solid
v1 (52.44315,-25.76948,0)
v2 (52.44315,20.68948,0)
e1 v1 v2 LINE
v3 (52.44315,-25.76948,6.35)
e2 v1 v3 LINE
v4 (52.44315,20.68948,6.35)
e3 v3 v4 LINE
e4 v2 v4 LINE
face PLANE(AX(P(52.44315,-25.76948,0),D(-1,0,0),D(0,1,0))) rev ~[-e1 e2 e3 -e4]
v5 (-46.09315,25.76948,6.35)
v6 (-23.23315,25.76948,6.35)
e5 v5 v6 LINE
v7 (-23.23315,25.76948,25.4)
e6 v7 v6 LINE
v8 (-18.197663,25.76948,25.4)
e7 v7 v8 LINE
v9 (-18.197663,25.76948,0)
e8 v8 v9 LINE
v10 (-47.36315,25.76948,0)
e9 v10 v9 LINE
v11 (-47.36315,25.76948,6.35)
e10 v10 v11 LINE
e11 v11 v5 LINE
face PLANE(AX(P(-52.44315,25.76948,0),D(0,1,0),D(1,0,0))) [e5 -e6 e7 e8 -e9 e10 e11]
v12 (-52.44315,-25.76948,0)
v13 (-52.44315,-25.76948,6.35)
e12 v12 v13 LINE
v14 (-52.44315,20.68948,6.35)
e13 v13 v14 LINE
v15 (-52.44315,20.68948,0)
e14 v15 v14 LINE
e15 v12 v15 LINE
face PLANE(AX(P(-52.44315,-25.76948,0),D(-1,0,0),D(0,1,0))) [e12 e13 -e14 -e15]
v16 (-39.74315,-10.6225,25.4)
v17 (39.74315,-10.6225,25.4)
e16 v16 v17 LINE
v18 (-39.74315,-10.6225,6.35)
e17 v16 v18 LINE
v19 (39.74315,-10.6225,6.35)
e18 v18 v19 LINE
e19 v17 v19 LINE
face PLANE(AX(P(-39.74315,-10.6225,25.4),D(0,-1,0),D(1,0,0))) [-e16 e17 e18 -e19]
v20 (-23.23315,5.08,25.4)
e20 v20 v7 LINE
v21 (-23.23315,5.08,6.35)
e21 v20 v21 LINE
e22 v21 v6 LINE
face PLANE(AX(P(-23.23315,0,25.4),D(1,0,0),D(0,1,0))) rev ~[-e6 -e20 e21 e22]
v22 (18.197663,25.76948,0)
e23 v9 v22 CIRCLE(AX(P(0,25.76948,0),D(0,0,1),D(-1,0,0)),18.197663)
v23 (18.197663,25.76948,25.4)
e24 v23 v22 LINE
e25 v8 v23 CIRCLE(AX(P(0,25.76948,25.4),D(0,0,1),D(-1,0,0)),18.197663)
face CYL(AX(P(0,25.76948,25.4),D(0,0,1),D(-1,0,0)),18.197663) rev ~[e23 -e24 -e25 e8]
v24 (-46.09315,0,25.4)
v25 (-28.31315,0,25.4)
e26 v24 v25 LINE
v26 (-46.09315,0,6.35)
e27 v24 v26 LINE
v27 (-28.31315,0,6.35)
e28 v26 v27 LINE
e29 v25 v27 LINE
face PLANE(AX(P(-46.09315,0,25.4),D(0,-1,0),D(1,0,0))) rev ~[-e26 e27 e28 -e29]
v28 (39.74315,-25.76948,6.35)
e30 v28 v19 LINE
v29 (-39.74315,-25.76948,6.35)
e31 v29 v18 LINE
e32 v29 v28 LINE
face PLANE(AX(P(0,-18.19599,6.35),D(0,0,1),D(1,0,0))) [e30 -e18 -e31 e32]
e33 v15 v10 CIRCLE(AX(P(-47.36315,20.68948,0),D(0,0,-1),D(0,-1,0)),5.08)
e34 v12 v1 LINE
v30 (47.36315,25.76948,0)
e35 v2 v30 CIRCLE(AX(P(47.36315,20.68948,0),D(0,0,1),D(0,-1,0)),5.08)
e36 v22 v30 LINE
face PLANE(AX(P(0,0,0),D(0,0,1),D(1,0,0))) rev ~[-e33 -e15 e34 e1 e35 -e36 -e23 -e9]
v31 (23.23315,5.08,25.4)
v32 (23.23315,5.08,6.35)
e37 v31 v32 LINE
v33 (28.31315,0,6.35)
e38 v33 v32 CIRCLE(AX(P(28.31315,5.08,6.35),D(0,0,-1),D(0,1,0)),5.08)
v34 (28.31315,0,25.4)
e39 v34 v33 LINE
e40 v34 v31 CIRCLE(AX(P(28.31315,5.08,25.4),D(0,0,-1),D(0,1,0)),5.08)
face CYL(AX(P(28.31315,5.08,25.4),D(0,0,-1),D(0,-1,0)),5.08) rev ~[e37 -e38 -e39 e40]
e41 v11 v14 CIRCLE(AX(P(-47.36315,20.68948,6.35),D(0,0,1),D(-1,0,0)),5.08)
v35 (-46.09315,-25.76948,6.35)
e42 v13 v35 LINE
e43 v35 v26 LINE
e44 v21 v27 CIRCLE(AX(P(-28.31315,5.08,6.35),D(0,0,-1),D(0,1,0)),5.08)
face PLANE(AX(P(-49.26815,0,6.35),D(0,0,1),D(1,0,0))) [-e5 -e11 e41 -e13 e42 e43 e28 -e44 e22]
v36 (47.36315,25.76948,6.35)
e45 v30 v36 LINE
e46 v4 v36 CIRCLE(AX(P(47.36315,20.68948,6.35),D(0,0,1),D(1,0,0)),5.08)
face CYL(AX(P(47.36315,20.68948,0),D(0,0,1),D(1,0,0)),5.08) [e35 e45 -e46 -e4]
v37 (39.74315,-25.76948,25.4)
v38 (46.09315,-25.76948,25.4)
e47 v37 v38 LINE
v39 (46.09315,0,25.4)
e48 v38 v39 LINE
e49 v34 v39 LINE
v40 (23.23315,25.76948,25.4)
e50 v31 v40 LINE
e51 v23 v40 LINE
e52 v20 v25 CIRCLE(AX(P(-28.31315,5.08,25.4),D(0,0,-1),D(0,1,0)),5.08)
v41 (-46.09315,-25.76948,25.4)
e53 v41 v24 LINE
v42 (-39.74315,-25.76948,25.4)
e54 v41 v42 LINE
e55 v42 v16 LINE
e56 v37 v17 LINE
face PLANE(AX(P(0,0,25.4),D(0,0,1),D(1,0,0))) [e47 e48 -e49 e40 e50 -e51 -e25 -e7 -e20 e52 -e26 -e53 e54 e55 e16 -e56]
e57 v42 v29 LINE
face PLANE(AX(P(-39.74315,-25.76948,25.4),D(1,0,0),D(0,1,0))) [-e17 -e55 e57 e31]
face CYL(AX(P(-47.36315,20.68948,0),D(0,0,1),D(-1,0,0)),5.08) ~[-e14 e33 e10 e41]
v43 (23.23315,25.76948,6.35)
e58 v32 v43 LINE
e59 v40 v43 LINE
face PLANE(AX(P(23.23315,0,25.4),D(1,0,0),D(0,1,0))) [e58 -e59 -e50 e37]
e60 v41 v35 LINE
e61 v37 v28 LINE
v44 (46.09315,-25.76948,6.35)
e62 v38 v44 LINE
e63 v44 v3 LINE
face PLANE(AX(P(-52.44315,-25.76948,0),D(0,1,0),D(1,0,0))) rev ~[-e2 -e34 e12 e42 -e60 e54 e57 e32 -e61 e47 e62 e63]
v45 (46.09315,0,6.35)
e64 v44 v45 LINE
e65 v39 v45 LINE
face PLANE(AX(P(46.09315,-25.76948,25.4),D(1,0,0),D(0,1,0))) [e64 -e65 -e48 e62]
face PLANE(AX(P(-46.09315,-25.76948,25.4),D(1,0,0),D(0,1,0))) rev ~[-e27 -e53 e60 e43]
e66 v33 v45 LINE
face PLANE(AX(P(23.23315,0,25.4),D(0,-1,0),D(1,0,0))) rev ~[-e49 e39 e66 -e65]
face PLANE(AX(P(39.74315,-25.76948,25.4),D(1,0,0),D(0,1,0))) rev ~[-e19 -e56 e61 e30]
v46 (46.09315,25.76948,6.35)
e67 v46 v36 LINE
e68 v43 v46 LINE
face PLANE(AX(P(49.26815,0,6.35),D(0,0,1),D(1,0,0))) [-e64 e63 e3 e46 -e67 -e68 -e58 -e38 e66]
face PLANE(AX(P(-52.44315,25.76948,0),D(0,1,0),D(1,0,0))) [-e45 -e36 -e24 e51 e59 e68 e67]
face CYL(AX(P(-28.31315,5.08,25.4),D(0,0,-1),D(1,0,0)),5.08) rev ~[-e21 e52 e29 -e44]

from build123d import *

# Parameters (mm, degrees)
F0_W      = 104.8863008618
F0_H      = 51.5389591455
F1_DEPTH  = 25.4
F2_R      = 5.08
F3_W      = 79.4863008618
F3_H      = 15.1469794668
F4_DEPTH  = 19.05
F6_DEPTH  = 25.4
F7_W      = 6.35
F7_H      = 51.5389591455
F8_DEPTH  = 19.05
F9_W      = 22.86
F9_H      = 25.7694795728
F10_DEPTH = 19.05
F11_R     = 5.08


with BuildPart() as f1:
    # F0 (on Top) → F1 (new body)
    with BuildSketch(Plane.XY):
        Rectangle(F0_W, F0_H)
    extrude(amount=F1_DEPTH)

    # F2
    f2_edges = [f1.edges().sort_by_distance(p)[0] for p in [
        (-52.44315, 25.76948, 12.7),
        (52.44315, 25.76948, 12.7),
    ]]
    fillet(f2_edges, radius=F2_R)

    # F3 (on face) → F4 (cut)
    with BuildSketch(Plane.XY.offset(25.4)):
        with Locations((0, -18.1959898394)):
            Rectangle(F3_W, F3_H)
    extrude(amount=-F4_DEPTH, mode=Mode.SUBTRACT)

    # F5 (on face) → F6 (cut)
    with BuildSketch(Plane.XY.offset(25.4)):
        with BuildLine():
            ThreePointArc((-18.1976626917, 25.7694795728), (0, 7.571816881), (18.1976626917, 25.7694795728))
            Line((18.1976626917, 25.7694795728), (-18.1976626917, 25.7694795728))
        make_face()
    extrude(amount=-F6_DEPTH, mode=Mode.SUBTRACT)

    # F7 (on face) → F8 (cut)
    with BuildSketch(Plane.XY.offset(25.4)):
        with Locations((-49.2681504309, 0)):
            Rectangle(F7_W, F7_H)
        with Locations((49.2681504309, 0)):
            Rectangle(F7_W, F7_H)
    extrude(amount=-F8_DEPTH, mode=Mode.SUBTRACT)

    # F9 (on face) → F10 (cut)
    with BuildSketch(Plane.XY.offset(25.4)):
        with Locations((-34.6631504309, 12.8847397864)):
            Rectangle(F9_W, F9_H)
        with Locations((34.6631504309, 12.8847397864)):
            Rectangle(F9_W, F9_H)
    extrude(amount=-F10_DEPTH, mode=Mode.SUBTRACT)

    # F11
    f11_edges = [f1.edges().sort_by_distance(p)[0] for p in [
        (-23.23315, 0, 15.875),
        (23.23315, 0, 15.875),
    ]]
    fillet(f11_edges, radius=F11_R)


solid = f1.part
